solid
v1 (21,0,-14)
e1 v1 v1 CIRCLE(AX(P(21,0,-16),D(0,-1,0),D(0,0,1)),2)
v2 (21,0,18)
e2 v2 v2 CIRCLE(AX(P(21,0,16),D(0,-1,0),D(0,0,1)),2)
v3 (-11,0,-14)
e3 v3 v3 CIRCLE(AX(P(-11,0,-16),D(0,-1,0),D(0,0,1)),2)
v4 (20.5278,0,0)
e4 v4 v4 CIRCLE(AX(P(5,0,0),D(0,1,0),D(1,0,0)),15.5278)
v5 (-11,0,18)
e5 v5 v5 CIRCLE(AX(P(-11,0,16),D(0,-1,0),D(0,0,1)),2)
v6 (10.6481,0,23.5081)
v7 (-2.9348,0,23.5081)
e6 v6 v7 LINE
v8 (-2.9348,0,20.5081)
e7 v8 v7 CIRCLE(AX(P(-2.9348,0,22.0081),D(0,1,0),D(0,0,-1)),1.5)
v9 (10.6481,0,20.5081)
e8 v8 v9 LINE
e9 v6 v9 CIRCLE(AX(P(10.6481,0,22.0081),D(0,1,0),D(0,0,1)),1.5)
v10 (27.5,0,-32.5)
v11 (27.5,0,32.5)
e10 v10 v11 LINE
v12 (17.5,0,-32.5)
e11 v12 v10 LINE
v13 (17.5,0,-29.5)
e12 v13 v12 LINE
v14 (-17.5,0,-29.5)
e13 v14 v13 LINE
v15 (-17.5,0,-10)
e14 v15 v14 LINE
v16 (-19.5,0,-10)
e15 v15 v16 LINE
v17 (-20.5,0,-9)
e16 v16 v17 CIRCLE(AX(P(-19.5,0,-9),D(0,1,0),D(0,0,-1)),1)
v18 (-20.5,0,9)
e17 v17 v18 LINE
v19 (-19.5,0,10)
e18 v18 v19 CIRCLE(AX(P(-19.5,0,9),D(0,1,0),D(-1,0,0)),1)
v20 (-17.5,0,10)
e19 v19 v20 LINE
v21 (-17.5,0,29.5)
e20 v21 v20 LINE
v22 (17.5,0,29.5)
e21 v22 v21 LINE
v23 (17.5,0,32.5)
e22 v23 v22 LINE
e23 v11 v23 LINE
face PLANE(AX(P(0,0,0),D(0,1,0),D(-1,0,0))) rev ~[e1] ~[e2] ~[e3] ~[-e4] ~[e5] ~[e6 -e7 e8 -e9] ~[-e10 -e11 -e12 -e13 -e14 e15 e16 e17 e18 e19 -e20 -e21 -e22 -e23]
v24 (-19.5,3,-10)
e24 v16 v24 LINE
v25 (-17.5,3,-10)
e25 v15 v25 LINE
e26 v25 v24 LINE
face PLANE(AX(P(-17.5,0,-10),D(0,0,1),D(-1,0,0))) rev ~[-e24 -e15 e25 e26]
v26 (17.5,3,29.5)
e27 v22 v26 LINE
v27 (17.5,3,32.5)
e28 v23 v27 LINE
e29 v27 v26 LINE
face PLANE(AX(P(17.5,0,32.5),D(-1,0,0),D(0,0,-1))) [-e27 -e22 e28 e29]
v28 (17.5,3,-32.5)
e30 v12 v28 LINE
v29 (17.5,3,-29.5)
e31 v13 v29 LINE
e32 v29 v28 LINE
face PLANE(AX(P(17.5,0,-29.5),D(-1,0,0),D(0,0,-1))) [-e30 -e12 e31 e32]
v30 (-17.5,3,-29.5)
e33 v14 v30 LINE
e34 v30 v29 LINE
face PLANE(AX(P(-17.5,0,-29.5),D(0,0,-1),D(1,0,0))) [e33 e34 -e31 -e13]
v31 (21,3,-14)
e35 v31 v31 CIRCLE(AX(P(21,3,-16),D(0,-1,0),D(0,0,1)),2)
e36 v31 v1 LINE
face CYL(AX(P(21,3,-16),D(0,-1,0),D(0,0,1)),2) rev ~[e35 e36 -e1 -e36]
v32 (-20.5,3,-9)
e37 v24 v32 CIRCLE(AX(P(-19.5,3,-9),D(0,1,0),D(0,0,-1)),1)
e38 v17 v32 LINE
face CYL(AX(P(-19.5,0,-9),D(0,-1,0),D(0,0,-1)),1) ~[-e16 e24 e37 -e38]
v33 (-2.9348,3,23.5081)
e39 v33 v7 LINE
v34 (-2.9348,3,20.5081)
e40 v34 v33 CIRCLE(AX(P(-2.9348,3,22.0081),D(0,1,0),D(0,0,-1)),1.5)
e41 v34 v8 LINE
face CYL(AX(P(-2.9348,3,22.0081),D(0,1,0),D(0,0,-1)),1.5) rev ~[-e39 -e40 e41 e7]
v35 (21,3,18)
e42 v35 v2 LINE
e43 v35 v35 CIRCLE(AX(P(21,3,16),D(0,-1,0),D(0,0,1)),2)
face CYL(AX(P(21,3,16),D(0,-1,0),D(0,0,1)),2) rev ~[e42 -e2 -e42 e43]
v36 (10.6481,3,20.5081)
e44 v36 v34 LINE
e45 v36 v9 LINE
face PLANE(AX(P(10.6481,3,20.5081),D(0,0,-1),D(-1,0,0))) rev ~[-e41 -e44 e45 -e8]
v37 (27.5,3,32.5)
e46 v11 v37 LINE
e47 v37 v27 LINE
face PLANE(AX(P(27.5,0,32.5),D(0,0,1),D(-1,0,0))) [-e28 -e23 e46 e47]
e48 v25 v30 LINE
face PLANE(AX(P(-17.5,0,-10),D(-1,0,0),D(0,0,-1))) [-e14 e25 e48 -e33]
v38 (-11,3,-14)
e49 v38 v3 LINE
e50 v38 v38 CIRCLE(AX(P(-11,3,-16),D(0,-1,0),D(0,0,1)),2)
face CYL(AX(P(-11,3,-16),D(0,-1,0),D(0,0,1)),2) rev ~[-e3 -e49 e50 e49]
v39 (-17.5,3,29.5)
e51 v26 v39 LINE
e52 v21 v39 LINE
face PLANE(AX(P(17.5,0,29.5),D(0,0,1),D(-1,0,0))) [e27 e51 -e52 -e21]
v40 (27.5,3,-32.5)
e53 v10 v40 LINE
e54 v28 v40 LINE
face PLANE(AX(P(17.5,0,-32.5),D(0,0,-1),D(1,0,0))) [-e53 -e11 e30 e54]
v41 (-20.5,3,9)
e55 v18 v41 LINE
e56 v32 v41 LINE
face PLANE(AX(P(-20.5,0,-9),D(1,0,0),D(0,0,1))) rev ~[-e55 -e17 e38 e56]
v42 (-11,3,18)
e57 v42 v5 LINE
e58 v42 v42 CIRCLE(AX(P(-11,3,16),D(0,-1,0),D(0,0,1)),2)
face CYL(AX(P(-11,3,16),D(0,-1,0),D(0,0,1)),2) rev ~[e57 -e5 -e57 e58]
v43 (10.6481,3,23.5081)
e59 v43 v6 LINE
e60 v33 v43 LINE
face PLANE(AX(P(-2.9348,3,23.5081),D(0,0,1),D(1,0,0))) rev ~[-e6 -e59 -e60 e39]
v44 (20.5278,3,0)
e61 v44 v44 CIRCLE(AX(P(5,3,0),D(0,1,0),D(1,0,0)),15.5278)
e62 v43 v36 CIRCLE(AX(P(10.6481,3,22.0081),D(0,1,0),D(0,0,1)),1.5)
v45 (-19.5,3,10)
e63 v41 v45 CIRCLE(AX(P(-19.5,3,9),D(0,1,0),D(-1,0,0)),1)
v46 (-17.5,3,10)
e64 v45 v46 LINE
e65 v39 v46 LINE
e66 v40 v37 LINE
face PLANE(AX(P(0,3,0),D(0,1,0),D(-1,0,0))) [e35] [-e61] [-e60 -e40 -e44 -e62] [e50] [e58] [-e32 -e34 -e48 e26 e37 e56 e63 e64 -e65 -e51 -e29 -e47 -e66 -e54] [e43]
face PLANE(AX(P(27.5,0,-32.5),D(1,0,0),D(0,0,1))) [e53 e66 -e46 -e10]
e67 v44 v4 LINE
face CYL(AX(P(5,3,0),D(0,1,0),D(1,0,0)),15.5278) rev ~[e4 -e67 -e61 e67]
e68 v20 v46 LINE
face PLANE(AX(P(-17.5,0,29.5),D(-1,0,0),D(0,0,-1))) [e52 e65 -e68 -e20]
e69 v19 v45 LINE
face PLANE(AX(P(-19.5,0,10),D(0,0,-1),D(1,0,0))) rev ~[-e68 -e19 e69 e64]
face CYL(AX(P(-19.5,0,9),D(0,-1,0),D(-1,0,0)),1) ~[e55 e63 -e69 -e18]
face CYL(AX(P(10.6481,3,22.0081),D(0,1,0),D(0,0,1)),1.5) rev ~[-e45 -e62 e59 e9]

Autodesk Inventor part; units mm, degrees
ref_plane "YZ Plane" through (0, 0, 0) normal (1, 0, 0) x (0, 1, 0)
ref_plane "XZ Plane" through (0, 0, 0) normal (0, 1, 0) x (-1, 0, 0)
ref_plane "XY Plane" through (0, 0, 0) normal (0, 0, 1) x (1, 0, 0)
sketch "Sketch1" plane through (0, 0, 0) normal (0, 1, 0) x (-1, 0, 0)
  line L0 (17.5, -29.5) -> (-17.5, -29.5)
  line L1 (-17.5, -29.5) -> (-17.5, -32.5)
  line L2 (-17.5, -32.5) -> (-27.5, -32.5)
  line L3 (-27.5, -32.5) -> (-27.5, 32.5)
  line L4 (-27.5, 32.5) -> (-17.5, 32.5)
  line L5 (-17.5, 32.5) -> (-17.5, 29.5)
  line L6 (-17.5, 29.5) -> (17.5, 29.5)
  line L7 (17.5, -10) -> (19.5, -10)
  line L8 (20.5, -9) -> (20.5, 9)
  line L9 (19.5, 10) -> (17.5, 10)
  line L10 (17.5, 29.5) -> (17.5, 10)
  line L11 (17.5, -10) -> (17.5, -29.5)
  arc A0 (20.5, 9) -> (19.5, 10) centre (19.5, 9) ccw
  arc A1 (19.5, -10) -> (20.5, -9) centre (19.5, -9) ccw
  point P0 (0, 0)
  point P1 (-27.5, 0)
  point P2 (0, -29.5)
  point P3 (20.5, 0)
  dimension "d19" = 59
  dimension "d20" = 45
  dimension "d21" = 10
  dimension "d22" = 3
  dimension "d23" = 20
  dimension "d26" = 2
  dimension "d27" = 3
extrude "Extrusion1" add sketch "Sketch1" along normal blind 3
sketch "Sketch2" plane through (0, 3, 0) normal (0, 1, 0) x (1, 0, 0)
  line L0 (-11, 16) -> (21, 16) construction
  line L1 (-17.5, 29.5) -> (-17.5, 10) projected
  line L2 (27.5, -32.5) -> (27.5, 32.5) projected
  line L3 (-17.5, 25.7242) -> (27.5, 25.7242) construction
  point P0 (0, 0)
  point P1 (-11, -16)
  point P2 (21, -16)
  point P3 (5, 25.7242)
  point P4 (5, 16)
  dimension "d7" = 32
  dimension "d8" = 32
  dimension "d10" = 16
hole "Hole1" at (-11, 3, 16) at (-11, 3, -16) at (21, 3, 16) at (21, 3, -16) direction (0, -1, 0) diameter 4 end through all
sketch "Sketch3" plane through (0, 3, 0) normal (0, 1, 0) x (1, 0, 0)
  circle A0 centre (21, -16) radius 2 projected
  circle A1 centre (-11, -16) radius 2 projected
  circle A2 centre (-11, 16) radius 2 projected
  circle A3 centre (21, 16) radius 2 projected
  line L0 (17.5, 29.5) -> (-17.5, 29.5) projected
  line L1 (-17.5, 29.5) -> (-17.5, 10) projected
  line L2 (-17.5, 10) -> (-19.5, 10) projected
  line L3 (-20.5, 9) -> (-20.5, -9) projected
  line L4 (-19.5, -10) -> (-17.5, -10) projected
  line L5 (-17.5, -10) -> (-17.5, -29.5) projected
  line L6 (-17.5, -29.5) -> (17.5, -29.5) projected
  line L7 (17.5, -29.5) -> (17.5, -32.5) projected
  line L8 (17.5, -32.5) -> (27.5, -32.5) projected
  line L9 (27.5, -32.5) -> (27.5, 32.5) projected
  line L10 (27.5, 32.5) -> (17.5, 32.5) projected
  line L11 (17.5, 32.5) -> (17.5, 29.5) projected
  line L12 (-11, 16) -> (21, -16) construction
  line L13 (-11, -16) -> (21, 16) construction
  circle A4 centre (5, 0) radius 15.5278
  arc A5 (-19.5, 10) -> (-20.5, 9) centre (-19.5, 9) ccw projected
  arc A6 (-20.5, -9) -> (-19.5, -10) centre (-19.5, -9) ccw projected
  line L14 (-2.9348, -23.5081) -> (10.6481, -23.5081)
  line L15 (10.6481, -20.5081) -> (-2.9348, -20.5081)
  arc A7 (-2.9348, -20.5081) -> (-2.9348, -23.5081) centre (-2.9348, -22.0081) ccw
  arc A8 (10.6481, -23.5081) -> (10.6481, -20.5081) centre (10.6481, -22.0081) ccw
  point P0 (0, 0)
  dimension "d28" = 3
extrude "Extrusion2" cut sketch "Sketch3" against normal up to next contours A4 | A7 L15 A8 L14
equation "\"d27\" = d22"
equation "\"d8\" = d7"
equation "\"d10\" = d9"
equation "\"d9\" = 0.5 * d7"
properties part number "Fan_plate" material "Polycarbonate, Smoke"
